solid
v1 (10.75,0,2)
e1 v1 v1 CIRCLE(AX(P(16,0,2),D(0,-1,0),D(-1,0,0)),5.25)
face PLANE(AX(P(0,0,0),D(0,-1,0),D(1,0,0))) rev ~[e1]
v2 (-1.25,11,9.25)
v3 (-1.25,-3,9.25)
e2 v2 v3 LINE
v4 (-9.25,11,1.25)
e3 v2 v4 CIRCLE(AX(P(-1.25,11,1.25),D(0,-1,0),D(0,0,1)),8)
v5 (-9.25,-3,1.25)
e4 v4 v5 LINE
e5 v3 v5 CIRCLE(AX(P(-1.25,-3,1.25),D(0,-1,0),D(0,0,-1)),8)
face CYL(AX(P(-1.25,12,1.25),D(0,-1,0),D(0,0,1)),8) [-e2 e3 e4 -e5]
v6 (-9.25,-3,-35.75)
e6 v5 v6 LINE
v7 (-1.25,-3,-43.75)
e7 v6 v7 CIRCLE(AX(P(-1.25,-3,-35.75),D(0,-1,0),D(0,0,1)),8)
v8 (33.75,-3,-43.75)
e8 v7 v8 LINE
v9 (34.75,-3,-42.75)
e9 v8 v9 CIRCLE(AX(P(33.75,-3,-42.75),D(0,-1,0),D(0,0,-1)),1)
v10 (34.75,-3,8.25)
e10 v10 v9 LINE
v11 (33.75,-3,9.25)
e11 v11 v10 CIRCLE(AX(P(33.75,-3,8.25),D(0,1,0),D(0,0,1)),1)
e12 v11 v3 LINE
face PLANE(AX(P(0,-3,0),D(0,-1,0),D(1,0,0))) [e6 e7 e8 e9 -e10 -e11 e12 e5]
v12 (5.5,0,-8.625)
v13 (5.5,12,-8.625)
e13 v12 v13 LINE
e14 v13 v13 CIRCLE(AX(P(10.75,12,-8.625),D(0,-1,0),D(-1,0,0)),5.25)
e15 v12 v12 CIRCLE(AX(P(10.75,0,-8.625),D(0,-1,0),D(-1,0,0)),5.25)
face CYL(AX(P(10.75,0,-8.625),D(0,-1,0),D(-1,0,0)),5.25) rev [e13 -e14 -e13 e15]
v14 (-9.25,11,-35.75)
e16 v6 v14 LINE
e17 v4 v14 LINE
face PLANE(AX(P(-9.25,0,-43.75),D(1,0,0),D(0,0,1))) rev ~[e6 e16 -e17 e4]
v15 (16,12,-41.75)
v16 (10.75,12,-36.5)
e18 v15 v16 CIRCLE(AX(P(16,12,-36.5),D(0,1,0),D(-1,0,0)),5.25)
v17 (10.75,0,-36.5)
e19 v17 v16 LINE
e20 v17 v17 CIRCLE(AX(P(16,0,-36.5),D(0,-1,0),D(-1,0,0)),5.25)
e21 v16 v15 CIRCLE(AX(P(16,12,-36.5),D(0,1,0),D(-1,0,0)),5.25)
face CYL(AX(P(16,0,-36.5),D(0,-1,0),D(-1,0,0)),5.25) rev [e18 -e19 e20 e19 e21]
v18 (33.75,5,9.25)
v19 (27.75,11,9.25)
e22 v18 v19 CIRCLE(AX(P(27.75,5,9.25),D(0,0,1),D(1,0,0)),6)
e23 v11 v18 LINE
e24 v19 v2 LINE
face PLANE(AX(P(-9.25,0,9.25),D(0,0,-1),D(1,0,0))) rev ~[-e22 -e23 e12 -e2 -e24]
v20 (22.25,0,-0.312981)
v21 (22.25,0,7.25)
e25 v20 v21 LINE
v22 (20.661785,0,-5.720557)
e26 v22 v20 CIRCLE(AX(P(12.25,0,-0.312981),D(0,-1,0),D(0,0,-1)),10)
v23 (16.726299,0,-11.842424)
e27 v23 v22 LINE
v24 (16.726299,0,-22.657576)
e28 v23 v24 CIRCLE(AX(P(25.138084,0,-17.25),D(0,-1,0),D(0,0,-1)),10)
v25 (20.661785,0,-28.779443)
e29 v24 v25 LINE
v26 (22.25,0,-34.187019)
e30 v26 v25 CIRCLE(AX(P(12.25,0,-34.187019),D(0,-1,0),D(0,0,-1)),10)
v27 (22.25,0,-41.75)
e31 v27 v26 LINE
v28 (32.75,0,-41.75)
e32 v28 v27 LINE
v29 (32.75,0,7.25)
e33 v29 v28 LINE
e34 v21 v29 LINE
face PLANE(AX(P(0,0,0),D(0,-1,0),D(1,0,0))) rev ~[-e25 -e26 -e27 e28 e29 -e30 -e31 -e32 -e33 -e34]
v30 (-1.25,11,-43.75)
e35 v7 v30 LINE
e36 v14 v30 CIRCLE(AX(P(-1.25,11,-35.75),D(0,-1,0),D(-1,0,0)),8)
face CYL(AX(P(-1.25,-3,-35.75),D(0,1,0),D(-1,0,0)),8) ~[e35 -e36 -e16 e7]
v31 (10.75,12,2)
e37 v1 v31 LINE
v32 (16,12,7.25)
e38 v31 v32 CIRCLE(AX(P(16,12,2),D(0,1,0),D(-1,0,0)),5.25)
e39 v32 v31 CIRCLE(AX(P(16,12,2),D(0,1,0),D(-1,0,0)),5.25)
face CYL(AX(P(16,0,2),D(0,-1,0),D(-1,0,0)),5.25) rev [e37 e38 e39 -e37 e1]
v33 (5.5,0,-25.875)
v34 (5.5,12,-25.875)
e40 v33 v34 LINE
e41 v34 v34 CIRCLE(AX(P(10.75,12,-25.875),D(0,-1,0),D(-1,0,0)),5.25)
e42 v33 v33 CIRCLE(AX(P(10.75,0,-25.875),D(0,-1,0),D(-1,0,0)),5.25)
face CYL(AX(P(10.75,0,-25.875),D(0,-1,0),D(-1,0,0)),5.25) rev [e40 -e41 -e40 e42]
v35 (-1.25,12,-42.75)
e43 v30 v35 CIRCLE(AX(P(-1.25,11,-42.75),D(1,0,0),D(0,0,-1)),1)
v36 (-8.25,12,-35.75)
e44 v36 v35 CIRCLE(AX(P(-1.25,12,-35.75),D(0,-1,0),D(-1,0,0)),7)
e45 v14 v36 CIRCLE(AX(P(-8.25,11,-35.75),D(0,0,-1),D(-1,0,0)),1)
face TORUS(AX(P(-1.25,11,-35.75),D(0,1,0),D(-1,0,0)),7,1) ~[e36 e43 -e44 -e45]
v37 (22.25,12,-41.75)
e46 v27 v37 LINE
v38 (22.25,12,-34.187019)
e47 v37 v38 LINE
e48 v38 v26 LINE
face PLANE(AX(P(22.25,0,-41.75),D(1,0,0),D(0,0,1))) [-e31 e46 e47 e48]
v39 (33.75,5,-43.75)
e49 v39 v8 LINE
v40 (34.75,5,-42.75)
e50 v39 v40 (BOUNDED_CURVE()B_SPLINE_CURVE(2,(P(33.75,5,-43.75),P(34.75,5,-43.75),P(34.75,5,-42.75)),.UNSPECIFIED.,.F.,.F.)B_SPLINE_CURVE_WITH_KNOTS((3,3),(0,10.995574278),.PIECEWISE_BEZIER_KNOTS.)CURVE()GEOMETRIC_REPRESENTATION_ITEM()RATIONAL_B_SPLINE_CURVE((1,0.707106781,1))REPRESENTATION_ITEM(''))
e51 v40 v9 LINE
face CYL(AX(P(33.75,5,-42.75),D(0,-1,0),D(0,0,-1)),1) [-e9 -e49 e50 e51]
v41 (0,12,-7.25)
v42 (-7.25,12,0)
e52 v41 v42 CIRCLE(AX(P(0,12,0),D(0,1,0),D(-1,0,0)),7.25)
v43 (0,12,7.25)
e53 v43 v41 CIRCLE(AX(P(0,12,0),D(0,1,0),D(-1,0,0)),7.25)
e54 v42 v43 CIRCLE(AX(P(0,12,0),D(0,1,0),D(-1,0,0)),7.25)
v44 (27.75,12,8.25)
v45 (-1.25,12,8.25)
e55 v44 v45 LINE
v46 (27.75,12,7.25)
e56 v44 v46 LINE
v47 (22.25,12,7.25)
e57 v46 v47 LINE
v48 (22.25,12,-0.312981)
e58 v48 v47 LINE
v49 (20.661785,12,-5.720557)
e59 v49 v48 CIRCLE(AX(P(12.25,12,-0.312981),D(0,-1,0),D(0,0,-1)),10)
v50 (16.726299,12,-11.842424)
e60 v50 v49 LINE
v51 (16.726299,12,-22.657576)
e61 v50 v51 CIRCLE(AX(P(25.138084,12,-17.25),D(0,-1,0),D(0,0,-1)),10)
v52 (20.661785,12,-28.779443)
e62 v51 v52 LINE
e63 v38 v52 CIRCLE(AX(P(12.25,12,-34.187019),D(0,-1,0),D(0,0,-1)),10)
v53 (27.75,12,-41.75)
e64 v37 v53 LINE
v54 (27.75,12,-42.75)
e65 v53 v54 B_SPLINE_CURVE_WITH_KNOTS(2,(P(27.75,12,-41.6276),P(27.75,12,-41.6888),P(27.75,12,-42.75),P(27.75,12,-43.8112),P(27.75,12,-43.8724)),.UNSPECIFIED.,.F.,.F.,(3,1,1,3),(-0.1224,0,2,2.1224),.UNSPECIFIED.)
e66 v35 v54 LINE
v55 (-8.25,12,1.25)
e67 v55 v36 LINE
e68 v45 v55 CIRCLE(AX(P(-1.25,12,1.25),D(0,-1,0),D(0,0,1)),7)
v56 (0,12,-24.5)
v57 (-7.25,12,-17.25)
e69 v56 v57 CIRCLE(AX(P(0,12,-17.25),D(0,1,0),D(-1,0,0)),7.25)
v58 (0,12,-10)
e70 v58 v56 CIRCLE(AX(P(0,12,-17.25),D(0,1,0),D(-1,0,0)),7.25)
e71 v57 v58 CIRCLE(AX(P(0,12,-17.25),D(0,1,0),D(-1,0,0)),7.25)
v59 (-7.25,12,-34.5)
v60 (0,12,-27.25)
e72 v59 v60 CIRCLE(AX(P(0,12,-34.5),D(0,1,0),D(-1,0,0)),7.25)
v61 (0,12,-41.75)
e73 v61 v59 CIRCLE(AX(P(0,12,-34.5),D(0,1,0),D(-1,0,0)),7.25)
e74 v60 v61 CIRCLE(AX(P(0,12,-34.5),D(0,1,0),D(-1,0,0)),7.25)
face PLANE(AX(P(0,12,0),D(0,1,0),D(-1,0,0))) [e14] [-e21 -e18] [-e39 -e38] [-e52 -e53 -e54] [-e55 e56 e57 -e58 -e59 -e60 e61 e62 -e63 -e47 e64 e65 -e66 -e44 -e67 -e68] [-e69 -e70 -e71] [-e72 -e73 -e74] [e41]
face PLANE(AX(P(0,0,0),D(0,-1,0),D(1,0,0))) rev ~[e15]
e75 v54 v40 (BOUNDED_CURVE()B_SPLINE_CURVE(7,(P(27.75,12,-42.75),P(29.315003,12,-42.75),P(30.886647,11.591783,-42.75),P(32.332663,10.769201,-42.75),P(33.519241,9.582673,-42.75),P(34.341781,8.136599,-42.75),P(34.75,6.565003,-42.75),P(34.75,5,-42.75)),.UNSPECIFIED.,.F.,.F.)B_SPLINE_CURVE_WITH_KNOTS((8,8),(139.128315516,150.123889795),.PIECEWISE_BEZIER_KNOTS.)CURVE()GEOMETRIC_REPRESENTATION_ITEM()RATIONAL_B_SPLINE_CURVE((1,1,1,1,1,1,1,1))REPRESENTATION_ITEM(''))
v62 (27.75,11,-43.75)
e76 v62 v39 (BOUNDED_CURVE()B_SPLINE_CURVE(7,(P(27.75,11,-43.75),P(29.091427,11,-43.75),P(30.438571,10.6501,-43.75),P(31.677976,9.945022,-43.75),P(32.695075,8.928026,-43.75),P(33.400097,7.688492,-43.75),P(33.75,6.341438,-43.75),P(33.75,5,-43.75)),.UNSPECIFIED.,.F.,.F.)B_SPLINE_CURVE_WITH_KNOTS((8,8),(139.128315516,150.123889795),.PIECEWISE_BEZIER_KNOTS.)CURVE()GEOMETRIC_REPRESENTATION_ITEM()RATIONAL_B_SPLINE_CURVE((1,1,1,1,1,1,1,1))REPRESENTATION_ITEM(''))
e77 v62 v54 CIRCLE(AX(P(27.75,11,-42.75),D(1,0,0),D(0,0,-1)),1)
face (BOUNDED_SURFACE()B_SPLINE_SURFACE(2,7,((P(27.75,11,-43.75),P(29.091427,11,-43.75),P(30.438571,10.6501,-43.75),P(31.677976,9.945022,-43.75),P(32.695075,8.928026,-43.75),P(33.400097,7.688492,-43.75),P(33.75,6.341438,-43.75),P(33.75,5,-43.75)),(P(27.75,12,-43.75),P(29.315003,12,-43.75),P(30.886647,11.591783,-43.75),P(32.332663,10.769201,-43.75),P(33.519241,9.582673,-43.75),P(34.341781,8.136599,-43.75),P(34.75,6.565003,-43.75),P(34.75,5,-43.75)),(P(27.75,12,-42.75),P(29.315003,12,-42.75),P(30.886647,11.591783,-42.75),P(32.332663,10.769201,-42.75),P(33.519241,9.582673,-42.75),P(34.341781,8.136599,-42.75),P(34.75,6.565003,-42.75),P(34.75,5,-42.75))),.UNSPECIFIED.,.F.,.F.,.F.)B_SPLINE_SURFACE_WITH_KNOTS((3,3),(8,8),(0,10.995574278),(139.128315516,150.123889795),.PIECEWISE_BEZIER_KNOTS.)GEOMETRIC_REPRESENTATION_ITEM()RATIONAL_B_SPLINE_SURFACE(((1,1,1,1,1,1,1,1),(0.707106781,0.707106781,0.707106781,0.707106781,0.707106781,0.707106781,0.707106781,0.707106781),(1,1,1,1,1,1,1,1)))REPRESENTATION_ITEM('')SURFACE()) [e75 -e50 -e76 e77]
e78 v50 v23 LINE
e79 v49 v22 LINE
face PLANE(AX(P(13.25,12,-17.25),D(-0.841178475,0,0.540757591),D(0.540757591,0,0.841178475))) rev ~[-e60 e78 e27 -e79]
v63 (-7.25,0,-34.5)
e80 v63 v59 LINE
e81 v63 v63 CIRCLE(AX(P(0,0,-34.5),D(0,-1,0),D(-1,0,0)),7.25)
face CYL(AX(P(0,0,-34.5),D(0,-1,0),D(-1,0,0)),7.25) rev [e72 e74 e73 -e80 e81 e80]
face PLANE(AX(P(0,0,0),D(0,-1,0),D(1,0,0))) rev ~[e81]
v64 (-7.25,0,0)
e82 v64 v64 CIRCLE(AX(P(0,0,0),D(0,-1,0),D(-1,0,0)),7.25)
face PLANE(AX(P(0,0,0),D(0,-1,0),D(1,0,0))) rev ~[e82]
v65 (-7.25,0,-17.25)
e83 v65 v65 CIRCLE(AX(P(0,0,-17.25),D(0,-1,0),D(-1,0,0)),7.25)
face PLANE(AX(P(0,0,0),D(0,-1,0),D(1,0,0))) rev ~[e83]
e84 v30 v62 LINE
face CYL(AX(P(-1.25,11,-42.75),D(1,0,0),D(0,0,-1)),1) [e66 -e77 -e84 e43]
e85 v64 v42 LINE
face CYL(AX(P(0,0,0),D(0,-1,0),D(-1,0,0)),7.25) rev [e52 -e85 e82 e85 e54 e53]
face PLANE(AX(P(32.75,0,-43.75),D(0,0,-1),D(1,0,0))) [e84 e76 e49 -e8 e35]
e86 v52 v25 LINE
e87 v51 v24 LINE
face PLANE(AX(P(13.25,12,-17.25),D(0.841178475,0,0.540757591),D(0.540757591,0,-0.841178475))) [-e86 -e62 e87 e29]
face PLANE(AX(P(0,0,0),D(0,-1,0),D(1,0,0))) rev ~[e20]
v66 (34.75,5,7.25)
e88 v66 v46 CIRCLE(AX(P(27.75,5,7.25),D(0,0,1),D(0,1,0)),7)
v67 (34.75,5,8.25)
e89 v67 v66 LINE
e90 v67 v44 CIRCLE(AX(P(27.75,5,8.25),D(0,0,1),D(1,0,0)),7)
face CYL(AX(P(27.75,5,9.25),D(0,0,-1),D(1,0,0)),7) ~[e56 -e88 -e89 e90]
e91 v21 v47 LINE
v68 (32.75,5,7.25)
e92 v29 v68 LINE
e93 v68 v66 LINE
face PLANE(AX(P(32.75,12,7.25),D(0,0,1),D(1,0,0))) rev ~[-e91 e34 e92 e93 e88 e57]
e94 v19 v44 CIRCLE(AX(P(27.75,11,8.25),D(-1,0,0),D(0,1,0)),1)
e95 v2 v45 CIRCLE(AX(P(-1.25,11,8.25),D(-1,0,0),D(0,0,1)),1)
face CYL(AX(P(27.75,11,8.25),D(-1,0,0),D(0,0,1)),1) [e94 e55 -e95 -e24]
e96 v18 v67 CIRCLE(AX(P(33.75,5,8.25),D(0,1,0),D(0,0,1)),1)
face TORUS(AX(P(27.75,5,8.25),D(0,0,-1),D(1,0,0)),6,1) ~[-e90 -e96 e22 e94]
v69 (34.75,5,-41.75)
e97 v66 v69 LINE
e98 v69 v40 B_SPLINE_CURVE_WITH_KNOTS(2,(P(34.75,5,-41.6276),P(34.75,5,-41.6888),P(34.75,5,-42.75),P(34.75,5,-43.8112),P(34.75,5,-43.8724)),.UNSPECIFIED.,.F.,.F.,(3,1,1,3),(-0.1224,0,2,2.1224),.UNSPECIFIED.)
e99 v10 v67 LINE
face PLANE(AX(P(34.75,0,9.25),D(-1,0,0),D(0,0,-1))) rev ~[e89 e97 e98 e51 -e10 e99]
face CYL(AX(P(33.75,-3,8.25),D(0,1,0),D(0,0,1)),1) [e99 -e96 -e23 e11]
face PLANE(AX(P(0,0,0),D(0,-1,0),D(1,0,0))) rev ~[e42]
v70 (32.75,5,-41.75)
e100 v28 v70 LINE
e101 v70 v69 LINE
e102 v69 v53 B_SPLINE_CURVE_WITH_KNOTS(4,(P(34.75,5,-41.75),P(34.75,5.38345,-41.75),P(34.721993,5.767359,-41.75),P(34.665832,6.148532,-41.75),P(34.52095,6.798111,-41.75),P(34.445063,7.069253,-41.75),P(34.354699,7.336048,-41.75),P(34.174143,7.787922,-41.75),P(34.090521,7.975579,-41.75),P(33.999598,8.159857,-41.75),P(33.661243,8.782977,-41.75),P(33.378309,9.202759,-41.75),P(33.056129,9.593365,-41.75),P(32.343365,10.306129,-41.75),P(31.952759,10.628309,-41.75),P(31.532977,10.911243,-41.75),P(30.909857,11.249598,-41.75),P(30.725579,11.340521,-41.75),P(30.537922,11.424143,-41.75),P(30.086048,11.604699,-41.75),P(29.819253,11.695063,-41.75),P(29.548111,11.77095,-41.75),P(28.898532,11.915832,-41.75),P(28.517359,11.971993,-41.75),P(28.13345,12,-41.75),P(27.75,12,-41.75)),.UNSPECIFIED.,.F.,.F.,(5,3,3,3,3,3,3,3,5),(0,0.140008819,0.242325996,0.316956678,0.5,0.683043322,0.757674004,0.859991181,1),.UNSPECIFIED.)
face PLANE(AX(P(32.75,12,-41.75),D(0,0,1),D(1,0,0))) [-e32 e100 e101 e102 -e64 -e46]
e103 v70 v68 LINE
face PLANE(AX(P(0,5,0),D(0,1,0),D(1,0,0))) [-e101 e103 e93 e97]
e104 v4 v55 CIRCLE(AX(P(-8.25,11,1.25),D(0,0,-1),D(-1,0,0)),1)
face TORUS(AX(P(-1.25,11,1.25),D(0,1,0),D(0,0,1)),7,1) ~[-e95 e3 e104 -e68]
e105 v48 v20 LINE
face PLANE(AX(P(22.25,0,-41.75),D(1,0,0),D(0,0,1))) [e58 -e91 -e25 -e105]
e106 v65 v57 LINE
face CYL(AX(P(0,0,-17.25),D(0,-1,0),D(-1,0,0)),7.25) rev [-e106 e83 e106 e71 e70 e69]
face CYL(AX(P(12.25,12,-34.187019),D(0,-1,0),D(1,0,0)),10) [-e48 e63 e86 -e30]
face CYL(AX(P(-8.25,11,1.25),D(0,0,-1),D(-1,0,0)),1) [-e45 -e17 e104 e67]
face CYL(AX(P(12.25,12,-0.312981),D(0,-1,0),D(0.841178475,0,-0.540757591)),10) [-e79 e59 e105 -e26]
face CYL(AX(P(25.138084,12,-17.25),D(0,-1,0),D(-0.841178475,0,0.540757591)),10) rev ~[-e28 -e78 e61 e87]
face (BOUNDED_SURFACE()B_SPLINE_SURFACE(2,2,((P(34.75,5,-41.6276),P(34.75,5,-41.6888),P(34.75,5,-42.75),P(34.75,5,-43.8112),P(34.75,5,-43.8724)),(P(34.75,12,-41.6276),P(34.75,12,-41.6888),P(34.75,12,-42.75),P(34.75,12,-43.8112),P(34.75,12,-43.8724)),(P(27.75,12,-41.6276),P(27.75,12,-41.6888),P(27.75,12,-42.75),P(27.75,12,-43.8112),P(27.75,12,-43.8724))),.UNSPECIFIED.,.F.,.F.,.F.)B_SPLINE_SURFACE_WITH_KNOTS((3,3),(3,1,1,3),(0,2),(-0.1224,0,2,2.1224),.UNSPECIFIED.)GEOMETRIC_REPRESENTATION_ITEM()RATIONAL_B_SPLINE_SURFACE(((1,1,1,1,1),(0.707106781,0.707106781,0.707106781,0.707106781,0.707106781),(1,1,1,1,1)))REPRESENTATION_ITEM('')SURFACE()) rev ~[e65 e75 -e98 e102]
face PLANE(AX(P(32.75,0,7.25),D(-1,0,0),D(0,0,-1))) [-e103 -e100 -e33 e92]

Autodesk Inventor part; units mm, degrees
ref_plane "YZ Plane" through (0, 0, 0) normal (1, 0, 0) x (0, 1, 0)
ref_plane "XZ Plane" through (0, 0, 0) normal (0, 1, 0) x (-1, 0, 0)
ref_plane "XY Plane" through (0, 0, 0) normal (0, 0, 1) x (1, 0, 0)
sketch "Sketch1" plane through (0, 0, 0) normal (0, 1, 0) x (-1, 0, 0)
  circle A0 centre (0, 0) radius 7.25
  line L0 (0, -7.25) -> (0, -17.25)
  circle A1 centre (0, -17.25) radius 7.25
  line L1 (0, -24.5) -> (0, -34.5)
  circle A2 centre (0, -34.5) radius 7.25
  line L2 (0, -7.25) -> (0, -10)
  line L3 (0, -24.5) -> (0, -27.25)
  line L4 (0, 7.25) -> (-16, 7.25)
  line L5 (-16, 7.25) -> (-16, 2)
  circle A3 centre (-16, 2) radius 5.25
  line L6 (0, -41.75) -> (-16, -41.75)
  line L7 (-16, -41.75) -> (-16, -36.5)
  circle A4 centre (-16, -36.5) radius 5.25
  line L8 (0, -8.625) -> (-16, -8.625)
  line L9 (0, -25.875) -> (-16, -25.875)
  circle A5 centre (-10.75, -8.625) radius 5.25
  circle A6 centre (-10.75, -25.875) radius 5.25
  line L10 (-16, 7.25) -> (-22.25, 7.25)
  line L11 (-22.25, 7.25) -> (-32.75, 7.25)
  line L12 (-32.75, 7.25) -> (-32.75, -41.75)
  line L13 (-32.75, -41.75) -> (-22.25, -41.75)
  line L14 (-22.25, -41.75) -> (-22.25, 7.25)
  line L15 (7.25, 7.25) -> (9.25, 7.25)
  line L16 (9.25, 7.25) -> (9.25, 9.25)
  line L17 (-32.75, -41.75) -> (-32.75, -43.75)
  line L18 (-32.75, -43.75) -> (-34.75, -43.75)
  line L19 (9.25, 9.25) -> (-34.75, 9.25)
  line L20 (-34.75, 9.25) -> (-34.75, -43.75)
  line L21 (-34.75, -43.75) -> (9.25, -43.75)
  line L22 (9.25, -43.75) -> (9.25, 9.25)
  dimension "d0" = 14.5
  dimension "d14" = 10
  dimension "d15" = 14.5
  dimension "d16" = 10
  dimension "d17" = 14.5
  dimension "d23" = 16
  dimension "d24" = 5.25
  dimension "d25" = 10.5
  dimension "d26" = 16
  dimension "d27" = 5.25
  dimension "d28" = 10.5
  dimension "d29" = 10.5
  dimension "d31" = 6.25
  dimension "d32" = 10.5
  dimension "d33" = 2
  dimension "d34" = 2
  dimension "d35" = 2
  dimension "d36" = 2
extrude "Extrusion1" add sketch "Sketch1" along normal blind 12
sketch "Sketch2" plane through (0, 0, 0) normal (0, -1, 0) x (1, 0, 0)
  line L0 (34.75, 9.25) -> (34.75, -43.75) projected
  line L1 (34.75, 9.25) -> (-9.25, 9.25)
  line L2 (-9.25, 9.25) -> (-9.25, -43.75)
  line L3 (-9.25, -43.75) -> (34.75, -43.75)
  line L4 (34.75, -43.75) -> (34.75, 9.25)
  point P0 (0, 0)
extrude "Extrusion2" add sketch "Sketch2" along normal blind 3
sketch "Sketch3" plane through (0, 12, 0) normal (0, 1, 0) x (1, 0, 0)
  line L0 (32.75, 41.75) -> (32.75, -7.25) projected
  line L1 (32.75, 41.75) -> (34.75, 41.75)
  line L2 (34.75, -9.25) -> (34.75, 43.75) projected
  line L3 (32.75, -7.25) -> (34.75, -7.25)
  line L4 (34.75, -7.25) -> (34.75, 41.75)
  line L5 (34.75, 41.75) -> (32.75, 41.75)
  line L6 (32.75, 41.75) -> (32.75, -7.25)
  point P0 (0, 0)
extrude "Extrusion3" cut sketch "Sketch3" against normal blind 7
fillet "Fillet1" radius 7 1 edges at (34.75, 12, 8.25)
fillet "Fillet2" radius 7 1 edges at (34.75, 12, -42.75)
sketch "Sketch4" plane through (0, 12, 0) normal (0, 1, 0) x (1, 0, 0)
  line L0 (22.25, 41.75) -> (27.75, 41.75) projected
  line L1 (22.25, 41.75) -> (22.25, 31.25)
  line L2 (22.25, -7.25) -> (22.25, 41.75) projected
  line L3 (22.25, -7.25) -> (22.25, 3.25)
  line L4 (16, 17.25) -> (22.25, 31.25)
  line L5 (16, 17.25) -> (22.25, 3.25)
  line L6 (22.25, 17.25) -> (13.25, 17.25)
  line L7 (13.25, 17.25) -> (22.25, 31.25)
  line L8 (13.25, 17.25) -> (22.25, 3.25)
  line L9 (22.25, 31.25) -> (22.25, 3.25)
  point P0 (0, 0)
  dimension "d45" = 10.5
  dimension "d46" = 9
extrude "Extrusion4" cut sketch "Sketch4" against normal blind 12 contours L6 L4 L2
extrude "Extrusion5" cut sketch "Sketch4" against normal blind 12 contours L5 L6 L2
extrude "Extrusion6" cut sketch "Sketch4" against normal blind 12 contours L8 L6 L5
extrude "Extrusion7" cut sketch "Sketch4" against normal through all contours L6 L7 L4
sketch "Sketch5" plane through (0, -3, 0) normal (0, -1, 0) x (1, 0, 0)
  line L0 (34.75, 9.25) -> (-9.25, 9.25)
  line L1 (-9.25, 9.25) -> (-9.25, -43.75)
  line L2 (-9.25, -43.75) -> (34.75, -43.75)
  line L3 (34.75, -43.75) -> (34.75, 9.25)
  point P0 (0, 0)
extrude "Extrusion8" add sketch "Sketch5" against normal blind 3
fillet "Fillet3" radius 10 1 edges at (22.25, 6, -31.25)
fillet "Fillet4" radius 10 1 edges at (22.25, 6, -3.25)
fillet "Fillet5" radius 10 1 edges at (13.25, 6, -17.25)
sketch "Sketch6" plane through (-9.25, -3, 9.25) normal (0, 0, 1) x (1, 0, 0)
  point P0 (9.25, 3)
sketch "Sketch7" plane through (0, 12, 0) normal (0, 1, 0) x (1, 0, 0)
  point P0 (0, 0)
fillet "Fillet6" radius 8 1 edges at (-9.25, 4.5, 9.25)
fillet "Fillet7" radius 8 1 edges at (-9.25, 4.5, -43.75)
fillet "Fillet8" radius 1 7 edges at (32.6997, 9.9497, 9.25) (13.25, 12, 9.25) (-6.9069, 12, 6.9069) (-6.9069, 12, -41.4069) (32.6997, 9.9497, -43.75) (34.75, 1, -43.75) (34.75, 1, 9.25)
properties part number "multi_battery_holder_3DPrint"
